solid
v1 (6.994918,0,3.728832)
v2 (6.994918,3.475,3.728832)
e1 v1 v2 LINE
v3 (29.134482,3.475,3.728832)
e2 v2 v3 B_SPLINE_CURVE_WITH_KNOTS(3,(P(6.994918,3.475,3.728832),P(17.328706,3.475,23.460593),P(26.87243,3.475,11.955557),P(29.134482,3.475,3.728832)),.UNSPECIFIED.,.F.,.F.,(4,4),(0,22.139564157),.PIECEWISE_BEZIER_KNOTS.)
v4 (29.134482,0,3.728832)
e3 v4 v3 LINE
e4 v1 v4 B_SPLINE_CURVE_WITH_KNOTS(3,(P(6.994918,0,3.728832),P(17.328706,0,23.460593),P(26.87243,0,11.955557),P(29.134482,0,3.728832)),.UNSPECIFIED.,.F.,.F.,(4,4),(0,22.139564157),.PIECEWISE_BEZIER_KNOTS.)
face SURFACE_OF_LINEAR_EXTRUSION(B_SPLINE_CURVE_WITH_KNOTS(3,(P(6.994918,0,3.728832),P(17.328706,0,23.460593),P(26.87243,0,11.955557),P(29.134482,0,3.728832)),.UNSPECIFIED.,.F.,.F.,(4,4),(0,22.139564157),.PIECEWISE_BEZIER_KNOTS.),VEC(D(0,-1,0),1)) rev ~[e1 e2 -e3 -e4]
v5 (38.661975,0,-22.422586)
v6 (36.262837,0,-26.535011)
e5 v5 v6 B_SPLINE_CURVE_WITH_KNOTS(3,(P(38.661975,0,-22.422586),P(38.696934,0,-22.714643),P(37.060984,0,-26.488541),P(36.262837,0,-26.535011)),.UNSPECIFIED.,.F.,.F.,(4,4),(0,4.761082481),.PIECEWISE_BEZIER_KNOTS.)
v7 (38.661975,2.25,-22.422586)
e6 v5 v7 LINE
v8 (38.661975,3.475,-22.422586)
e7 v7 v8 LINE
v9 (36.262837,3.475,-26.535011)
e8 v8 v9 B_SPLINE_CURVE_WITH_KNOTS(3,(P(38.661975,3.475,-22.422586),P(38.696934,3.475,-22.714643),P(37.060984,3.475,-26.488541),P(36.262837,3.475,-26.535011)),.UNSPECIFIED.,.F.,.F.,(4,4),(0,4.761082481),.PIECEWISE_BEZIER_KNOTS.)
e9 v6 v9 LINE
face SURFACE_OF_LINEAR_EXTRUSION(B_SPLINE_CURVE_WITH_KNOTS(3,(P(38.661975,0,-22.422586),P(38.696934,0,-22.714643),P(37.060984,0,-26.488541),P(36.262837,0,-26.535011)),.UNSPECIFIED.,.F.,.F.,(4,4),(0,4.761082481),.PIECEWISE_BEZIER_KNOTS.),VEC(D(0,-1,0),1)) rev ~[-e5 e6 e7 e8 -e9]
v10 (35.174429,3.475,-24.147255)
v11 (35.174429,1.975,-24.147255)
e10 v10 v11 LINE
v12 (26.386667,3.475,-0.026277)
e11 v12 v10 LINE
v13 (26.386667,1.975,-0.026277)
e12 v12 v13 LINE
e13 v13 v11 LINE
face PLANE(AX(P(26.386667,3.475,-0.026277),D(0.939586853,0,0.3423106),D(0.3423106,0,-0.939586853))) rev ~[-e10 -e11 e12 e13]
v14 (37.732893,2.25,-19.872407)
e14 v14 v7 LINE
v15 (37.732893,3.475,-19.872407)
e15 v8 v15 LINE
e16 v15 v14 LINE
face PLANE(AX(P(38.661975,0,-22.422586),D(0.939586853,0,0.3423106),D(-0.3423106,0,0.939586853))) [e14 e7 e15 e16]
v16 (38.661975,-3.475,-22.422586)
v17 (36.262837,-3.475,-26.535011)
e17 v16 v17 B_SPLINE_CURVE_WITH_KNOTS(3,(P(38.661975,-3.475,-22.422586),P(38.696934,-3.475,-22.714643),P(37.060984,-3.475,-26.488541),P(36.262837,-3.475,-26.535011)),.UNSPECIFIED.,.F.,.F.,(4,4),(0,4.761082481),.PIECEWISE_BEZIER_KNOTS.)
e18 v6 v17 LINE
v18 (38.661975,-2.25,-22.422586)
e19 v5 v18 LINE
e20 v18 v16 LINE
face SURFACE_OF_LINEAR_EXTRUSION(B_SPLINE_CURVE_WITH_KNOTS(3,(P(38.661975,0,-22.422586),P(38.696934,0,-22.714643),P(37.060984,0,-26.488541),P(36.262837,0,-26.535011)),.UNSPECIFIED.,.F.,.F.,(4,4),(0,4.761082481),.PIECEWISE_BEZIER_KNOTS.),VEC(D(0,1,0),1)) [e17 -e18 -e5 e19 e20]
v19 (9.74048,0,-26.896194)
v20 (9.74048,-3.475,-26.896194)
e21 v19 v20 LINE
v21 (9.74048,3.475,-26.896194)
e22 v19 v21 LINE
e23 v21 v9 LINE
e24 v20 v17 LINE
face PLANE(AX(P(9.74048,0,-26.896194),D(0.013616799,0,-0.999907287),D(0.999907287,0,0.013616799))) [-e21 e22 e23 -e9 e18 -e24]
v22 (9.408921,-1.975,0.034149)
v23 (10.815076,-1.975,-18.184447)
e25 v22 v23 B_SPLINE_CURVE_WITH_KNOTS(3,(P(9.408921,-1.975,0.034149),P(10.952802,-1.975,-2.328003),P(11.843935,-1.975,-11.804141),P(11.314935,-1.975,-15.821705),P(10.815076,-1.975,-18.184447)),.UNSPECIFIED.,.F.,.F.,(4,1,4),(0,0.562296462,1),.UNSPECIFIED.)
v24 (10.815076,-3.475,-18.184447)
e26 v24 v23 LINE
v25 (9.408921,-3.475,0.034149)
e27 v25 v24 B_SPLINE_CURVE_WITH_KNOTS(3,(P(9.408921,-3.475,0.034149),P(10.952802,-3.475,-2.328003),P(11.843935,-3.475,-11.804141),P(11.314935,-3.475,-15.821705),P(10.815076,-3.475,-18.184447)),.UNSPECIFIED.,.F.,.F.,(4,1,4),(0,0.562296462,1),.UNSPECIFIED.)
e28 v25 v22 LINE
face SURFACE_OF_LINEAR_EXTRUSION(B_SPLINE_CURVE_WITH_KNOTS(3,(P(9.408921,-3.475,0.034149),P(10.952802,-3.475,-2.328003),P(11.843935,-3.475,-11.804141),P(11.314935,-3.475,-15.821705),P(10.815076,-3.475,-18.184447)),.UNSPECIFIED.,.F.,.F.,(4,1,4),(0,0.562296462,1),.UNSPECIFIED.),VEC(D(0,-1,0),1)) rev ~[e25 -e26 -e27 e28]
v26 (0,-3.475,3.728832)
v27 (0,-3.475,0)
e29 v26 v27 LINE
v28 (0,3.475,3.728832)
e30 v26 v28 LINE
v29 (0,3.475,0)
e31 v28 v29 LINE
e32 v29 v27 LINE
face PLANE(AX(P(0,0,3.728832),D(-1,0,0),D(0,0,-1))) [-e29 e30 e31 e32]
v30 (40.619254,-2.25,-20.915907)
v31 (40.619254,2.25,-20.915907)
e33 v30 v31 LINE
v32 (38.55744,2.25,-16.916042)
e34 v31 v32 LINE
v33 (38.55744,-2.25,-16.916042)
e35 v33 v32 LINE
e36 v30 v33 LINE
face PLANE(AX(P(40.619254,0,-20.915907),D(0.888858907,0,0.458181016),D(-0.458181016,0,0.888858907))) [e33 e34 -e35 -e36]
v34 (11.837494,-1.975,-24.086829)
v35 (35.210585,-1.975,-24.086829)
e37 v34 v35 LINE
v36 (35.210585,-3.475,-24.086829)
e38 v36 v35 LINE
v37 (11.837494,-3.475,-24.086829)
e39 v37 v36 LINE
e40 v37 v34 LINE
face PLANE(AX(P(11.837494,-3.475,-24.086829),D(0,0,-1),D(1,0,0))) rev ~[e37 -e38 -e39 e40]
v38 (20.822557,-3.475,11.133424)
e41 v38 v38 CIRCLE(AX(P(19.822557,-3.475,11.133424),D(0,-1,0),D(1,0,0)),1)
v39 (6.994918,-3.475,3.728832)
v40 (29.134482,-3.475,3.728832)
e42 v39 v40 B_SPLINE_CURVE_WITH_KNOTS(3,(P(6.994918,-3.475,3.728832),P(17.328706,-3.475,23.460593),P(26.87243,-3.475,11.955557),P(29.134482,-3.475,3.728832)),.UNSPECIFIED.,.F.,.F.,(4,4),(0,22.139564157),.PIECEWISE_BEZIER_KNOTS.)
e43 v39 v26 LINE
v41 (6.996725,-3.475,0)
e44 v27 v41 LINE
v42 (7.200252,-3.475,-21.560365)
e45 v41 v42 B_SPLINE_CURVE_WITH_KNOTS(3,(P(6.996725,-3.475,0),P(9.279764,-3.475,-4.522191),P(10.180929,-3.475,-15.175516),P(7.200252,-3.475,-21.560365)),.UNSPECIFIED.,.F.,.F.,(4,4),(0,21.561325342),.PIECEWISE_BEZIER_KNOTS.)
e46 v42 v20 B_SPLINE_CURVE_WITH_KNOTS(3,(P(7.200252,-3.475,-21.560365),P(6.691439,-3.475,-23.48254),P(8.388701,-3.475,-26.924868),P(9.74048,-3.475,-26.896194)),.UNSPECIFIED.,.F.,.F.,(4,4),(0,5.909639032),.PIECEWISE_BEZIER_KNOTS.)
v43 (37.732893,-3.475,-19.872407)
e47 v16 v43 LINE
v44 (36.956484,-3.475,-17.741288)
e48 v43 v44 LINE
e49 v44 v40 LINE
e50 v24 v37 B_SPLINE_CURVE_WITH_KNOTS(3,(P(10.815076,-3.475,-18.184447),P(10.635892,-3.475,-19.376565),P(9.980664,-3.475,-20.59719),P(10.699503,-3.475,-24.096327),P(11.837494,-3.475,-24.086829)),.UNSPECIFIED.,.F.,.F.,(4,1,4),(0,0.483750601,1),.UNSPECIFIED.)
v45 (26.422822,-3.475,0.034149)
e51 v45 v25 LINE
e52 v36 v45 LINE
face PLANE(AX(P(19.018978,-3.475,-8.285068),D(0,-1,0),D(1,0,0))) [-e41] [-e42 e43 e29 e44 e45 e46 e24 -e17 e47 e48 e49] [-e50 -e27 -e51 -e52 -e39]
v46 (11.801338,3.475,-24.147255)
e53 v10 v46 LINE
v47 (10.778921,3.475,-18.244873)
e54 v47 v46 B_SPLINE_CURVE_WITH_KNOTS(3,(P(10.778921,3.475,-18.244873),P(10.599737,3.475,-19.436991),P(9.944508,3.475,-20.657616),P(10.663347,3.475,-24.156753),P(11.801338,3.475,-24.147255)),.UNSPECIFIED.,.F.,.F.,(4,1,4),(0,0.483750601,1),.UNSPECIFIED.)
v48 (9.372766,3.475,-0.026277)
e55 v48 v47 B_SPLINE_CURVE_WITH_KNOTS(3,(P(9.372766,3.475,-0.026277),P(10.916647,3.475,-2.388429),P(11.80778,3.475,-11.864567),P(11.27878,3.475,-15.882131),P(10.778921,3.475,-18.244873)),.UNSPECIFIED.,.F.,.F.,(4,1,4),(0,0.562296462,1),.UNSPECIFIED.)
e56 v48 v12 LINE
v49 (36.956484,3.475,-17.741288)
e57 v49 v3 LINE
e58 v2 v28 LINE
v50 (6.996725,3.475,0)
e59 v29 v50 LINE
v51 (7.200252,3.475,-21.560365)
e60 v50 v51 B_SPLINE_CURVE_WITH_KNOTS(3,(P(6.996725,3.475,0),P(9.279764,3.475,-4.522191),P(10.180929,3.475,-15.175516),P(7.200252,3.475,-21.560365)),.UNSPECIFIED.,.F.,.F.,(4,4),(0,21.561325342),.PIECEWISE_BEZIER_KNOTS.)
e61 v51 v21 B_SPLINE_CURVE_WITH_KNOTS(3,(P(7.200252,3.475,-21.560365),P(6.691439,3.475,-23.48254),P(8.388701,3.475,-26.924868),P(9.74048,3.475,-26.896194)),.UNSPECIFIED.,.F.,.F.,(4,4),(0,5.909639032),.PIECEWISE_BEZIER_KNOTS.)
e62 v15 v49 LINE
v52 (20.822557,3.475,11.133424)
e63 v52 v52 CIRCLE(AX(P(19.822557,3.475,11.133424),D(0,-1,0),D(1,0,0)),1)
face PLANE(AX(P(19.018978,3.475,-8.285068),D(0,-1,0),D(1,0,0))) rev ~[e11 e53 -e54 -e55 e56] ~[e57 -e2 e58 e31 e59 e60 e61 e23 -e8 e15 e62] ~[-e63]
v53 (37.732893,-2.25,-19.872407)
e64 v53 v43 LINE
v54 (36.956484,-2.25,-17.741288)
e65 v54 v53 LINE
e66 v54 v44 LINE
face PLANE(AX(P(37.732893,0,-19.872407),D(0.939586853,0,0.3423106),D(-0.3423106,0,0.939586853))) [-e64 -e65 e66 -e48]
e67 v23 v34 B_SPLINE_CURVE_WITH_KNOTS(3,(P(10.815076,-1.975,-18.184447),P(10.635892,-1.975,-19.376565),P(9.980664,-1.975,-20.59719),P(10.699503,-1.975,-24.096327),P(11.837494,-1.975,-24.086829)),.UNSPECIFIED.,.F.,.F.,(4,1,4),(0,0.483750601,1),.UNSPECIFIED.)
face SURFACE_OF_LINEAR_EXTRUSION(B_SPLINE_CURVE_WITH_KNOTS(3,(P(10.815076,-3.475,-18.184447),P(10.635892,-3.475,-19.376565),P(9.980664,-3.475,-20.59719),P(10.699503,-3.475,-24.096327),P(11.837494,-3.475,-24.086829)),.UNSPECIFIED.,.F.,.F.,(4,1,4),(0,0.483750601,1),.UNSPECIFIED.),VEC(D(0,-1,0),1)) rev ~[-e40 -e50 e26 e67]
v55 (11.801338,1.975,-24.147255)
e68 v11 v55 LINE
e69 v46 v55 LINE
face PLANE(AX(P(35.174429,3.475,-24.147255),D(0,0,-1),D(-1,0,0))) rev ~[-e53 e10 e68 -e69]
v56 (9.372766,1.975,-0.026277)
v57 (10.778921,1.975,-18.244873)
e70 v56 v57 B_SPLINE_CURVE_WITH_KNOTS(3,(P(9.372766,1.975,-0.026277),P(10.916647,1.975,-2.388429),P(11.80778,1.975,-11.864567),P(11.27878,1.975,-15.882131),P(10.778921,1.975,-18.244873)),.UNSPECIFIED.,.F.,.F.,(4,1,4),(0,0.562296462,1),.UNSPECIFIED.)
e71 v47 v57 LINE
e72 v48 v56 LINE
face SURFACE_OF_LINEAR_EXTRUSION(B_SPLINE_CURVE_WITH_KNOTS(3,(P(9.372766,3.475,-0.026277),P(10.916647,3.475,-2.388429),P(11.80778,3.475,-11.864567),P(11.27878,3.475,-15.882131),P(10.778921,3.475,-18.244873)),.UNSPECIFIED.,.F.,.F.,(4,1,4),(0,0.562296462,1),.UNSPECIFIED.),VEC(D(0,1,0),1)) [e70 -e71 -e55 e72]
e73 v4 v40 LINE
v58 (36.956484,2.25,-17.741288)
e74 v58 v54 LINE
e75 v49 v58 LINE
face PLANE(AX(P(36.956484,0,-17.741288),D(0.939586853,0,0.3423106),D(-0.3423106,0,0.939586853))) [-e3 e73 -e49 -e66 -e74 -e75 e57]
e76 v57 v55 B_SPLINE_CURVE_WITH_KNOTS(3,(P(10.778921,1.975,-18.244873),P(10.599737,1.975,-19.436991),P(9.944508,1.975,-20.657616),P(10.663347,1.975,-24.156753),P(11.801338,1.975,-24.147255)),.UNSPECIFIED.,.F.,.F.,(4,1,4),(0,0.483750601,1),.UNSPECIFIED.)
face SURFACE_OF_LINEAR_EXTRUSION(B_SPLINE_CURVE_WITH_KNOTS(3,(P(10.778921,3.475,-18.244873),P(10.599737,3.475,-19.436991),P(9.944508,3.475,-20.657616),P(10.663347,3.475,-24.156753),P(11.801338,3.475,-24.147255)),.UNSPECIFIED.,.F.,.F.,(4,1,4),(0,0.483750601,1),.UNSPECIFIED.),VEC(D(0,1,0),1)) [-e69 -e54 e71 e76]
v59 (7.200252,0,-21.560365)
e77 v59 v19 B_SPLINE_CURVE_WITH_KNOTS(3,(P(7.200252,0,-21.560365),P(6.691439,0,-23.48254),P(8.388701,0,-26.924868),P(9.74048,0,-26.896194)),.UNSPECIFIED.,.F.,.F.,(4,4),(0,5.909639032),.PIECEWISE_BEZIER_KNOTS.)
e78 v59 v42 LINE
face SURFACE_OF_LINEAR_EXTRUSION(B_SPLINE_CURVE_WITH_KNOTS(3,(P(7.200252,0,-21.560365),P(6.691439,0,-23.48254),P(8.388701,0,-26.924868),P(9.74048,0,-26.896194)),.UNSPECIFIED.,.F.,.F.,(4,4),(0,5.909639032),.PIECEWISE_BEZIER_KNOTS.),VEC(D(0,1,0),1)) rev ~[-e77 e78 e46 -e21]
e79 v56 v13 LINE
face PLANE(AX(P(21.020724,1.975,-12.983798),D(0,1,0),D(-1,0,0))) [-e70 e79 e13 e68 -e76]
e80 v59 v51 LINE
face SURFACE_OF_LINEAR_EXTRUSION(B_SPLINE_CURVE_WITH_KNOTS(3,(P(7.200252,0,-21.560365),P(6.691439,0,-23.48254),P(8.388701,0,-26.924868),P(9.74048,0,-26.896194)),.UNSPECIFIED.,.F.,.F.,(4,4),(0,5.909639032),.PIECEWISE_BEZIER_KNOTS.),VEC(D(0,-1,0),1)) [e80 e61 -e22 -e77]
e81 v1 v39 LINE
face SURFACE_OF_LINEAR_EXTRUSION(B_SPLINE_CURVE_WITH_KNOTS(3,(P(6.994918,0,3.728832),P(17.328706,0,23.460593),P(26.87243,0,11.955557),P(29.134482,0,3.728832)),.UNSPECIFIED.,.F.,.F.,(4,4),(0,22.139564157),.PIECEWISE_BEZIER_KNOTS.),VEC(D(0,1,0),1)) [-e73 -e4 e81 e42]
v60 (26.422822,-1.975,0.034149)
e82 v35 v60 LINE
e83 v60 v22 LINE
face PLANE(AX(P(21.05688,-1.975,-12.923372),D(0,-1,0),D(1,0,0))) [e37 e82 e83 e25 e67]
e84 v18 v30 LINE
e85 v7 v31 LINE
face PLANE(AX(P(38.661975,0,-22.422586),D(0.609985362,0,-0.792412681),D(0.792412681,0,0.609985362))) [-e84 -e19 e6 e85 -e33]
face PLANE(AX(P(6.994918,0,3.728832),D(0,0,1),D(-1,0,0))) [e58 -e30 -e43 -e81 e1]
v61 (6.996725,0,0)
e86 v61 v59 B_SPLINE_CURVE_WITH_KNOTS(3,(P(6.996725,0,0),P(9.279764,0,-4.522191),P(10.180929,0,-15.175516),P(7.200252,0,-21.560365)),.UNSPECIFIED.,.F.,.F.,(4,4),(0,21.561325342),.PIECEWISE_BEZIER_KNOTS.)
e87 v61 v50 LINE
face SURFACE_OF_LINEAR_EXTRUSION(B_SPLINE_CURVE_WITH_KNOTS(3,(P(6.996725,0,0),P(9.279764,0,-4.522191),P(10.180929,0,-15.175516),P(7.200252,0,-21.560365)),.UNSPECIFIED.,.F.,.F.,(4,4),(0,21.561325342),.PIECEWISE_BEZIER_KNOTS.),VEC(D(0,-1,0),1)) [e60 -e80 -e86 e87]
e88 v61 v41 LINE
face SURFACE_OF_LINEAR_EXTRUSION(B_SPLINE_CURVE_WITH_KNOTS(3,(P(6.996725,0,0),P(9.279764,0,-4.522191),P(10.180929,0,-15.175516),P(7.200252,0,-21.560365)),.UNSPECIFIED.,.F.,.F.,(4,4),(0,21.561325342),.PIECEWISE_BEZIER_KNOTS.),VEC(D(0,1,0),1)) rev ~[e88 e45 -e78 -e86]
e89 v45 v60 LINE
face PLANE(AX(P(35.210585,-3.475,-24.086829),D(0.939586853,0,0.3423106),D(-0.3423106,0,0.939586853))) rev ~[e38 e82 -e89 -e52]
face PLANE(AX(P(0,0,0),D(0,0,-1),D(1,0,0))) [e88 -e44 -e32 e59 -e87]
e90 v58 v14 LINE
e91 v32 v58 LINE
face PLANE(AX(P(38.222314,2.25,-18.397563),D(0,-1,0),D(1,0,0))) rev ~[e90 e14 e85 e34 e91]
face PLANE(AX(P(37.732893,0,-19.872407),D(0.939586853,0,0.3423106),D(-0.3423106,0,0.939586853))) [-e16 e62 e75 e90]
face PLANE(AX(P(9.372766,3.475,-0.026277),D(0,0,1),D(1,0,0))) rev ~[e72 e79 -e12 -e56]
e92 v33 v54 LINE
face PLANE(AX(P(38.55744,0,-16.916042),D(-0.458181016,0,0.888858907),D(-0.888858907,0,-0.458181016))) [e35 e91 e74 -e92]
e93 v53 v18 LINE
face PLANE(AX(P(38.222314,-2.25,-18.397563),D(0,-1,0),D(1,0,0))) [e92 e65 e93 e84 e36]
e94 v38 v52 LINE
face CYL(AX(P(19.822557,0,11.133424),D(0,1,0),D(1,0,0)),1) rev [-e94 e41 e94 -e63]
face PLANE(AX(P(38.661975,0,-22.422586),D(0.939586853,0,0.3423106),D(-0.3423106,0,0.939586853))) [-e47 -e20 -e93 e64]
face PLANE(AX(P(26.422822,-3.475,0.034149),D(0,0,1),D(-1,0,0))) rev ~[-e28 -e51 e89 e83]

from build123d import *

# Parameters (mm, degrees)
F0_R     = 1
F1_DEPTH = 3.475
F2_DEPTH = 2.25
F4_DEPTH = 1.5
F6_DEPTH = 1.5


with BuildPart() as f1:
    # F0 (on Front) → F1 (new body, symmetric)
    with BuildSketch(Plane.XZ):
        with BuildLine():
            Line((0, 3.7288318854), (0, 0))
            Line((0, 0), (6.9967252202, 0))
            add(Edge.make_bspline(
                [(6.9967252202, 0), (9.2797642574, -4.5221908949), (10.1809287444, -15.1755161159), (7.2002517991, -21.5603647329)],
                knots=[0, 0, 0, 0, 21.5613253416, 21.5613253416, 21.5613253416, 21.5613253416], degree=3))
            add(Edge.make_bspline(
                [(7.2002517991, -21.5603647329), (6.6914390773, -23.4825400211), (8.3887010693, -26.9248684867), (9.7404803961, -26.8961938314)],
                knots=[0, 0, 0, 0, 5.9096390324, 5.9096390324, 5.9096390324, 5.9096390324], degree=3))
            Line((9.7404803961, -26.8961938314), (36.2628367926, -26.5350107441))
            add(Edge.make_bspline(
                [(38.6619754136, -22.4225856364), (38.6969335377, -22.7146428078), (37.0609843214, -26.4885407062), (36.2628367926, -26.5350107441)],
                knots=[0, 0, 0, 0, 4.7610824808, 4.7610824808, 4.7610824808, 4.7610824808], degree=3))
            Line((38.6619754136, -22.4225856364), (37.7328934056, -19.8724068204))
            Line((37.7328934056, -19.8724068204), (36.9564835581, -17.741288223))
            Line((36.9564835581, -17.741288223), (29.1344821453, 3.7288318854))
            add(Edge.make_bspline(
                [(6.9949179888, 3.7288318854), (17.3287056386, 23.4605930746), (26.8724299967, 11.955557391), (29.1344821453, 3.7288318854)],
                knots=[0, 0, 0, 0, 22.1395641565, 22.1395641565, 22.1395641565, 22.1395641565], degree=3))
            Line((6.9949179888, 3.7288318854), (0, 3.7288318854))
        make_face()
        with BuildLine():
            add(Edge.make_bspline(
                [(9.4467252202, 0), (10.9906066209, -2.3621518631), (11.8817396227, -11.8382899378), (11.3527391163, -15.8558540684), (10.8528801655, -18.2185956272)],
                knots=[0, 0, 0, 0, 0.5622964622, 1, 1, 1, 1], degree=3))
            Line((9.4467252202, 0), (26.4606260202, 0))
            Line((26.4606260202, 0), (35.2483888837, -24.1209780218))
            Line((35.2483888837, -24.1209780218), (32.2012024882, -24.1209780218))
            Line((32.2012024882, -24.1209780218), (11.8752977761, -24.1209780218))
            add(Edge.make_bspline(
                [(10.8528801655, -18.2185956272), (10.6736963888, -19.4107137837), (10.0184677383, -20.6313388233), (10.7373066785, -24.130475951), (11.8752977761, -24.1209780218)],
                knots=[0, 0, 0, 0, 0.4837506013, 1, 1, 1, 1], degree=3))
        make_face(mode=Mode.SUBTRACT)
        with Locations((19.8225565255, 11.1334240064)):
            Circle(F0_R, mode=Mode.SUBTRACT)
        with BuildLine():
            Line((26.4606260202, 0), (9.4467252202, 0))
            add(Edge.make_bspline(
                [(9.4467252202, 0), (10.9906066209, -2.3621518631), (11.8817396227, -11.8382899378), (11.3527391163, -15.8558540684), (10.8528801655, -18.2185956272)],
                knots=[0, 0, 0, 0, 0.5622964622, 1, 1, 1, 1], degree=3))
            add(Edge.make_bspline(
                [(10.8528801655, -18.2185956272), (10.6736963888, -19.4107137837), (10.0184677383, -20.6313388233), (10.7373066785, -24.130475951), (11.8752977761, -24.1209780218)],
                knots=[0, 0, 0, 0, 0.4837506013, 1, 1, 1, 1], degree=3))
            Line((11.8752977761, -24.1209780218), (32.2012024882, -24.1209780218))
            Line((32.2012024882, -24.1209780218), (35.2483888837, -24.1209780218))
            Line((35.2483888837, -24.1209780218), (26.4606260202, 0))
        make_face()
    extrude(amount=F1_DEPTH, both=True)

    # F0 (on Front) → F2 (join, symmetric)
    with BuildSketch(Plane.XZ):
        Polygon((38.5574395408, -16.9160417945), (36.9564835581, -17.741288223), (37.7328934056, -19.8724068204), (39.5883468265, -18.9159743354), align=None)
        Polygon((39.5883468265, -18.9159743354), (37.7328934056, -19.8724068204), (38.6619754136, -22.4225856364), (40.6192541122, -20.9159068763), align=None)
    extrude(amount=F2_DEPTH, both=True)

    # F3 (on face) → F4 (cut)
    with BuildSketch(Plane.XZ.offset(3.475)):
        with BuildLine():
            Line((26.4228218723, 0.0341487469), (9.4089210724, 0.0341487469))
            add(Edge.make_bspline(
                [(9.4089210724, 0.0341487469), (10.9528024731, -2.3280031162), (11.8439354748, -11.804141191), (11.3149349685, -15.8217053215), (10.8150760177, -18.1844468803)],
                knots=[0, 0, 0, 0, 0.5622964622, 1, 1, 1, 1], degree=3))
            add(Edge.make_bspline(
                [(10.8150760177, -18.1844468803), (10.635892241, -19.3765650368), (9.9806635904, -20.5971900764), (10.6995025306, -24.0963272041), (11.8374936283, -24.0868292749)],
                knots=[0, 0, 0, 0, 0.4837506013, 1, 1, 1, 1], degree=3))
            Line((11.8374936283, -24.0868292749), (32.1633983403, -24.0868292749))
            Line((32.1633983403, -24.0868292749), (35.2105847359, -24.0868292749))
            Line((35.2105847359, -24.0868292749), (26.4228218723, 0.0341487469))
        make_face()
    extrude(amount=-F4_DEPTH, mode=Mode.SUBTRACT)

    # F5 (on face) → F6 (cut)
    with BuildSketch(Plane(origin=(0, 3.475, 0), x_dir=(-1, 0, 0), z_dir=(0, 1, 0))):
        with BuildLine():
            Line((-26.3866665531, -0.0262773244), (-35.1744294167, -24.1472553462))
            Line((-35.1744294167, -24.1472553462), (-32.1272430211, -24.1472553462))
            Line((-32.1272430211, -24.1472553462), (-11.8013383091, -24.1472553462))
            add(Edge.make_bspline(
                [(-10.7789206985, -18.2448729516), (-10.5997369218, -19.4369911081), (-9.9445082712, -20.6576161477), (-10.6633472114, -24.1567532754), (-11.8013383091, -24.1472553462)],
                knots=[0, 0, 0, 0, 0.4837506013, 1, 1, 1, 1], degree=3))
            add(Edge.make_bspline(
                [(-9.3727657532, -0.0262773244), (-10.9166471538, -2.3884291875), (-11.8077801556, -11.8645672622), (-11.2787796492, -15.8821313928), (-10.7789206985, -18.2448729516)],
                knots=[0, 0, 0, 0, 0.5622964622, 1, 1, 1, 1], degree=3))
            Line((-9.3727657532, -0.0262773244), (-26.3866665531, -0.0262773244))
        make_face()
    extrude(amount=-F6_DEPTH, mode=Mode.SUBTRACT)


solid = f1.part
